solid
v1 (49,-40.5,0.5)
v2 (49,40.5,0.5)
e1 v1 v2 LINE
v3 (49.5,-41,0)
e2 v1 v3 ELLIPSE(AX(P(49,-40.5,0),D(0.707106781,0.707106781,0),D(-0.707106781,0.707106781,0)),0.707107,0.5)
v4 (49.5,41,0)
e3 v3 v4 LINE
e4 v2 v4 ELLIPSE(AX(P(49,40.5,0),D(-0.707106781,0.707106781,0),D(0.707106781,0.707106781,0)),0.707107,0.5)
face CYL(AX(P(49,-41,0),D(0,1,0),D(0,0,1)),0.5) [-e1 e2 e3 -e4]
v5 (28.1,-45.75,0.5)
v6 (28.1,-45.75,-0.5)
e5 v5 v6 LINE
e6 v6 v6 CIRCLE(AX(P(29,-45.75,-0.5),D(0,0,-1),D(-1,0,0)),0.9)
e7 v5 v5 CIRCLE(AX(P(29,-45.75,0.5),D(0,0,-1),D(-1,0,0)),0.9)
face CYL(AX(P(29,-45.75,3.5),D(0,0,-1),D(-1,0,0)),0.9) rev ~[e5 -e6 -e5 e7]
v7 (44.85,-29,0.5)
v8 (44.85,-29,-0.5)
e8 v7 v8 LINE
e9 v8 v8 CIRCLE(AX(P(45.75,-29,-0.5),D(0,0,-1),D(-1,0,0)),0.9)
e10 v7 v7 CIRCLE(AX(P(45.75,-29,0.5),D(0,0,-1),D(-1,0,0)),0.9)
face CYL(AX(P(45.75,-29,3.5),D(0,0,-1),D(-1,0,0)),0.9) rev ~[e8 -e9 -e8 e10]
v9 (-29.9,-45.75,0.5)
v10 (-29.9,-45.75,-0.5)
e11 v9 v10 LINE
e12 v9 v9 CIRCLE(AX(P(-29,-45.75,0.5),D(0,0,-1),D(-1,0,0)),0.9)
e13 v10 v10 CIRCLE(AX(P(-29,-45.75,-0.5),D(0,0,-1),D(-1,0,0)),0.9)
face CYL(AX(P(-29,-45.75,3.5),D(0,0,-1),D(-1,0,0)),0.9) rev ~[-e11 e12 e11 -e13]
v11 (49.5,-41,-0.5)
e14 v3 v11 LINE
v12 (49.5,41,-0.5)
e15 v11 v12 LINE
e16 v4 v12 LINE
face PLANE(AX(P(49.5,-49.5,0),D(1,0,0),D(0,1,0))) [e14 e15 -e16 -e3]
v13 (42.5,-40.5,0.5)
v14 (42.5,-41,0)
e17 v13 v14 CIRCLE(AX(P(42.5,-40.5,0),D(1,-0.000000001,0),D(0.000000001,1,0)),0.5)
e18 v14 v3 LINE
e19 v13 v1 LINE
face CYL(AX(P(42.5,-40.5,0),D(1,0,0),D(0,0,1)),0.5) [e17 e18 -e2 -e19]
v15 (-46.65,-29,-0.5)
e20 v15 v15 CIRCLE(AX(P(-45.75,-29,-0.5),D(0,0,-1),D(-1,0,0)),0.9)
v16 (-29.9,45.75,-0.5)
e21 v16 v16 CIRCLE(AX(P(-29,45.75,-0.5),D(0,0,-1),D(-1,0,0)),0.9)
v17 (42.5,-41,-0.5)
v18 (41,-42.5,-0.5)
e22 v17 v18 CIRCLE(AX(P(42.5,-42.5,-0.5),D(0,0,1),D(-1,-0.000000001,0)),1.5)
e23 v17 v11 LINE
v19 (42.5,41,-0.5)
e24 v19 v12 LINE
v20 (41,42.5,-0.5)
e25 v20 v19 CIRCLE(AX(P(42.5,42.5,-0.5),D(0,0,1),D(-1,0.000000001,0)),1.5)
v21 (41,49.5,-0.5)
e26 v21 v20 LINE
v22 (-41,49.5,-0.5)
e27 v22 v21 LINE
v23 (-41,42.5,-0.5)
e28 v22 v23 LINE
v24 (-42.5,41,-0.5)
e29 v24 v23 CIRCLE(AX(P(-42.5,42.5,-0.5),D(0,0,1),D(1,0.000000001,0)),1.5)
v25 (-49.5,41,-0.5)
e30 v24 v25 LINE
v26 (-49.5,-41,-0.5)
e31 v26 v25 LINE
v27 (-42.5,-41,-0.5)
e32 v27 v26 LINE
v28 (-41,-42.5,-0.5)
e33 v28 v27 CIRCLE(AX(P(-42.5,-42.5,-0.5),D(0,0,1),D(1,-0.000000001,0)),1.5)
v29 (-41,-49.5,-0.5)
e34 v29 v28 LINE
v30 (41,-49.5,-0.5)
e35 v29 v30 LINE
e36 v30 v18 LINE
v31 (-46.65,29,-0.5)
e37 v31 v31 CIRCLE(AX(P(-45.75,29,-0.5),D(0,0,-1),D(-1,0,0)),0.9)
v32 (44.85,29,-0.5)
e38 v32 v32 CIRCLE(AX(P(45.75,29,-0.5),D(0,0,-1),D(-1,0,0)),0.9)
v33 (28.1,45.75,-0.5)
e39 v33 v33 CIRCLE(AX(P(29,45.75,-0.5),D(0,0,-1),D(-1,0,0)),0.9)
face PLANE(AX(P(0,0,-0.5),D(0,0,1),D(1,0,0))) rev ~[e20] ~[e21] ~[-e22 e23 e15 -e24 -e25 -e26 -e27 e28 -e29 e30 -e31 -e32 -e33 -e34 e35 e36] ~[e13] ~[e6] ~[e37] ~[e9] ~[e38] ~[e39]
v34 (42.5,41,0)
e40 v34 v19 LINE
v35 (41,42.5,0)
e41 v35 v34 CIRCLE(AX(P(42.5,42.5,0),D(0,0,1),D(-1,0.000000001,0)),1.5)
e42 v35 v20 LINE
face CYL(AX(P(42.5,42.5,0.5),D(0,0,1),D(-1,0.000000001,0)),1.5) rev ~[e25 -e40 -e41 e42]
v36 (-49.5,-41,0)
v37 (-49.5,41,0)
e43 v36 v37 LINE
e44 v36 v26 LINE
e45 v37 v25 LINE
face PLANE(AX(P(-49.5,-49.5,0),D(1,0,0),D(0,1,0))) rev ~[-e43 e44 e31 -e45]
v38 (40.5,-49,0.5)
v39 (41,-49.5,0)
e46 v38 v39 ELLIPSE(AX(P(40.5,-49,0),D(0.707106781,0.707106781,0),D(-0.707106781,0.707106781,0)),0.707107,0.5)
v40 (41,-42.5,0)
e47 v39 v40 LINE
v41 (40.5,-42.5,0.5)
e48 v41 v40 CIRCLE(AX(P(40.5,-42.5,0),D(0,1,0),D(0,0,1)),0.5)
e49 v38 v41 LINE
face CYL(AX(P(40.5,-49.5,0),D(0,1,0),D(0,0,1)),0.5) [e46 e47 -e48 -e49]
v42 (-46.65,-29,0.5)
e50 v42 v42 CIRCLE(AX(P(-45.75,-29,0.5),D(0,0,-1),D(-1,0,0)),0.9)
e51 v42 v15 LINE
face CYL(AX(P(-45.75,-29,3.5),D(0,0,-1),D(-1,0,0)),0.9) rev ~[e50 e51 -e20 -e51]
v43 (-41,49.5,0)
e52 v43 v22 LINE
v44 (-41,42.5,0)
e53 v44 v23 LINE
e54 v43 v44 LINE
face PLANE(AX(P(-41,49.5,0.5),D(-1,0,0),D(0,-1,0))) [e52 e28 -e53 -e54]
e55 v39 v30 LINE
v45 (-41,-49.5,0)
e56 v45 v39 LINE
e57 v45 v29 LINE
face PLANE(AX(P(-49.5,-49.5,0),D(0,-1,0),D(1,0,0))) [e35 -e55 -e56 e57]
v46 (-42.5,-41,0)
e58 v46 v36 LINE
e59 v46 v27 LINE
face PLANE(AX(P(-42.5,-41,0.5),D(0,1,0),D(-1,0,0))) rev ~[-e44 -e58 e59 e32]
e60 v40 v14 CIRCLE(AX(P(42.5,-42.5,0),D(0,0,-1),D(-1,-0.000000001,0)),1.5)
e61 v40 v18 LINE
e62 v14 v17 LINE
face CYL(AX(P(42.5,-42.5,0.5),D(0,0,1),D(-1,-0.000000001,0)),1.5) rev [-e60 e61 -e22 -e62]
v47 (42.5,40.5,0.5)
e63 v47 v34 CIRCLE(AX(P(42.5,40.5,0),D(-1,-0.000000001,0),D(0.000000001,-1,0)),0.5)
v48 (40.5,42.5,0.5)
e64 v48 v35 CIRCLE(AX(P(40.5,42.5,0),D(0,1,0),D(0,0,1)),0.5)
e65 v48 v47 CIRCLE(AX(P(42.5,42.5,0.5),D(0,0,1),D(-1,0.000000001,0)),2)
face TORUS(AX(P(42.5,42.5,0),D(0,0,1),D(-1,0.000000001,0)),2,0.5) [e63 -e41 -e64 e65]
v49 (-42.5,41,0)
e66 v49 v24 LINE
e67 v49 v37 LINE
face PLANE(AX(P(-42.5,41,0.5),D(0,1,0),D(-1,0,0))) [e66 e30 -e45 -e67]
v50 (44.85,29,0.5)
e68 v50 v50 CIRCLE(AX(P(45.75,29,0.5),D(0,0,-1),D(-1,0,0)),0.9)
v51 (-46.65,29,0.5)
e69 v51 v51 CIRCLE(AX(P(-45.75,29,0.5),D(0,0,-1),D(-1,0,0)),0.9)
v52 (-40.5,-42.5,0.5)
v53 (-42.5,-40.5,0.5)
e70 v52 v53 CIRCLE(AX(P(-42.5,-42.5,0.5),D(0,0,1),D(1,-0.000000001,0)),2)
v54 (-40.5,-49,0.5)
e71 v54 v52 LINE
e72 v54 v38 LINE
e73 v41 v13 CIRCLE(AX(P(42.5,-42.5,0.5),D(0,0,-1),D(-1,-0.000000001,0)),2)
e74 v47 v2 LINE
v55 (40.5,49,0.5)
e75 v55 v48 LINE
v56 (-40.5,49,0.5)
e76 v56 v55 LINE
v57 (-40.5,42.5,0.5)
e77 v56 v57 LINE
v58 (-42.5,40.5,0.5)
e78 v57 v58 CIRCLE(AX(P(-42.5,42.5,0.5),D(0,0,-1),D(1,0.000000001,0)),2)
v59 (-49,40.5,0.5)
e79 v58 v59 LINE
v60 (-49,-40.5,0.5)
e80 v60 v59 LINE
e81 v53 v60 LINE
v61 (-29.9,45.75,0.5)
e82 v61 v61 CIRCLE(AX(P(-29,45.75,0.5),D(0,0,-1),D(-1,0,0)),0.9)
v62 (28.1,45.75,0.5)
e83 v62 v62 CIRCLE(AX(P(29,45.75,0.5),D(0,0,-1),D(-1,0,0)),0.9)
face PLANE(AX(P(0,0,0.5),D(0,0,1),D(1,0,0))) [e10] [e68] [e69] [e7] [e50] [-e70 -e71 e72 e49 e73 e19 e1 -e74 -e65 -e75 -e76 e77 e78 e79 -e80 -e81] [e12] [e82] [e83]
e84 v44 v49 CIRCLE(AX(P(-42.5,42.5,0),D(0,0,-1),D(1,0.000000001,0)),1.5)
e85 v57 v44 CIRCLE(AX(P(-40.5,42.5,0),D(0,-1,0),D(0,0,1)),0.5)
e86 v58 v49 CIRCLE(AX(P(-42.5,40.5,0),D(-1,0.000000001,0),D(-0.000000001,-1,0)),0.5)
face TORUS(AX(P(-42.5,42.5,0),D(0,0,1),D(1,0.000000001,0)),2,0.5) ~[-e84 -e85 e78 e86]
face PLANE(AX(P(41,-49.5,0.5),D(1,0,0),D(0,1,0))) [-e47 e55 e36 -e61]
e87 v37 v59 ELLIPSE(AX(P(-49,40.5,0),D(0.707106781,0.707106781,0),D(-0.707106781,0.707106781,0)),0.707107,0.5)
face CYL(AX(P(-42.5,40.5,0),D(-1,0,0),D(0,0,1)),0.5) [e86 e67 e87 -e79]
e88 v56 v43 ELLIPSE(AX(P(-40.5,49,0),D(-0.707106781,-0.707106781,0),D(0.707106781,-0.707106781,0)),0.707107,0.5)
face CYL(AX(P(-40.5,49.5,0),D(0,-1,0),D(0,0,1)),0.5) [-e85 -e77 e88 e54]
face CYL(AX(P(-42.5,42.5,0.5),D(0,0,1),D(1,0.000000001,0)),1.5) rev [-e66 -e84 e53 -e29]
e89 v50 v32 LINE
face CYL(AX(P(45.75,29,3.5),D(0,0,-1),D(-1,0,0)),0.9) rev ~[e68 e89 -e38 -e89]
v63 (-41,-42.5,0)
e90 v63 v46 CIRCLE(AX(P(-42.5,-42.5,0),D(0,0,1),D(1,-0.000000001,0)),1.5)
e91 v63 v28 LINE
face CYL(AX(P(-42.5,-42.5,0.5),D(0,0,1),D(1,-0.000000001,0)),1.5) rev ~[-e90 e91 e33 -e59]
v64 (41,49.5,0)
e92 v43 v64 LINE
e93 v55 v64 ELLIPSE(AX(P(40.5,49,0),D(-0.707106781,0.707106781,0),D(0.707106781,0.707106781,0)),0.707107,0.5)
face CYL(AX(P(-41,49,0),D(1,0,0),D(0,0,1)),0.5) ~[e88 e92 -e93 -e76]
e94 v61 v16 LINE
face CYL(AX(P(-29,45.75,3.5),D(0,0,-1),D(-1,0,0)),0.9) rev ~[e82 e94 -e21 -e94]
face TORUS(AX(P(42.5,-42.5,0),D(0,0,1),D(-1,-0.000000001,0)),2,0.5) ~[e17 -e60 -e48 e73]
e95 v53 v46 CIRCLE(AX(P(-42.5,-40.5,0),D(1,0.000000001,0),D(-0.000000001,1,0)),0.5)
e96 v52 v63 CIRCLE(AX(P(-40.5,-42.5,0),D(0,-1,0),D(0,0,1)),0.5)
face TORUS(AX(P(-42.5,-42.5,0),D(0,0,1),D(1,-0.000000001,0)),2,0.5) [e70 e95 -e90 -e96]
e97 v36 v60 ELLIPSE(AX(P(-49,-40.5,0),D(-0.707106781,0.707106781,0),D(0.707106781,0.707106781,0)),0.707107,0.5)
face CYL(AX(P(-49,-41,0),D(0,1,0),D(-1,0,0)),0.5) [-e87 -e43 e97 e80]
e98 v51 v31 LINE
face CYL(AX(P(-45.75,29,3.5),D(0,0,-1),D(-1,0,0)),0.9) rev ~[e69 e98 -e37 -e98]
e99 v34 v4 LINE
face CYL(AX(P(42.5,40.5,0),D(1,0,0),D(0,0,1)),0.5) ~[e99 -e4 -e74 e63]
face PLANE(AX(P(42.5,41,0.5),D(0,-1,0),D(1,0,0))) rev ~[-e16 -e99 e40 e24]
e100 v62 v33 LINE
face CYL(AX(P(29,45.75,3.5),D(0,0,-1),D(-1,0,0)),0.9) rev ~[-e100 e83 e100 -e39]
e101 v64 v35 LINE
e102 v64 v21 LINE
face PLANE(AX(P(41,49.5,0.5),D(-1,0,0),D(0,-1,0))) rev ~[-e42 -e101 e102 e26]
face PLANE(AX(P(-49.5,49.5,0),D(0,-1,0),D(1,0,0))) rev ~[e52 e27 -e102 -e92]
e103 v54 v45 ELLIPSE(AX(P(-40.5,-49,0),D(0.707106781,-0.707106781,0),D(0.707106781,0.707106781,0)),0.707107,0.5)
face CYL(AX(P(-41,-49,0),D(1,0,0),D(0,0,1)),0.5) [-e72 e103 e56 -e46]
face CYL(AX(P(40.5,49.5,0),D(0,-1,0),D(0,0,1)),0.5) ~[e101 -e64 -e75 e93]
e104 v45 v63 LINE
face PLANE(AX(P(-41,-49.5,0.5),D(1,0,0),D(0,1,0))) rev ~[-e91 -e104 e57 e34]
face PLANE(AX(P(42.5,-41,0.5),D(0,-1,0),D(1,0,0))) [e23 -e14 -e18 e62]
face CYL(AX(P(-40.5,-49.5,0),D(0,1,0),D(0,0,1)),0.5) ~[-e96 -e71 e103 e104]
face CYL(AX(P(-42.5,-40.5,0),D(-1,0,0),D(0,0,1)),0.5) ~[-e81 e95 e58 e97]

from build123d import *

# Parameters (mm, degrees)
SKETCH1_W                  = 99
SKETCH1_H                  = 99
BOSS_EXTRUDE1_DEPTH        = 0.5
CUT_EXTRUDE1_DEPTH         = 71.010713466
M1_6_CLEARANCE_HOLE1_D     = 1.8
M1_6_CLEARANCE_HOLE1_DEPTH = 3
M1_6_CLEARANCE_HOLE1_TIP   = 0.540774557
FILLET1_R                  = 0.5


with BuildPart() as part:
    # Sketch1 → Boss-Extrude1 (new, symmetric)
    with BuildSketch(Plane.XY):
        Rectangle(SKETCH1_W, SKETCH1_H)
    extrude(amount=BOSS_EXTRUDE1_DEPTH, both=True)

    # Sketch2 → Cut-Extrude1 (cut, through all)
    with BuildSketch(Plane.XY.offset(0.5)):
        with BuildLine():
            Line((-49.5, 49.5), (-41, 49.5))
            Line((-41, 49.5), (-41, 42.5))
            ThreePointArc((-41, 42.5), (-41.439339828, 41.439339828), (-42.5, 41))
            Line((-42.5, 41), (-49.5, 41))
            Line((-49.5, 41), (-49.5, 49.5))
        make_face()
        with BuildLine():
            Line((49.5, 49.5), (41, 49.5))
            Line((41, 49.5), (41, 42.5))
            ThreePointArc((41, 42.5), (41.439339828, 41.439339828), (42.5, 41))
            Line((42.5, 41), (49.5, 41))
            Line((49.5, 41), (49.5, 49.5))
        make_face()
        with BuildLine():
            Line((-49.5, -49.5), (-41, -49.5))
            Line((-41, -49.5), (-41, -42.5))
            ThreePointArc((-41, -42.5), (-41.439339828, -41.439339828), (-42.5, -41))
            Line((-42.5, -41), (-49.5, -41))
            Line((-49.5, -41), (-49.5, -49.5))
        make_face()
        with BuildLine():
            Line((49.5, -49.5), (41, -49.5))
            Line((41, -49.5), (41, -42.5))
            ThreePointArc((41, -42.5), (41.439339828, -41.439339828), (42.5, -41))
            Line((42.5, -41), (49.5, -41))
            Line((49.5, -41), (49.5, -49.5))
        make_face()
    extrude(amount=-CUT_EXTRUDE1_DEPTH, mode=Mode.SUBTRACT)

    # M1.6 Clearance Hole1
    with Locations(Plane.XY.offset(0.5)):
        with Locations((-45.75, 29), (-29, 45.75), (29, 45.75), (45.75, 29), (45.75, -29), (29, -45.75), (-29, -45.75), (-45.75, -29)):
            Hole(M1_6_CLEARANCE_HOLE1_D / 2, depth=M1_6_CLEARANCE_HOLE1_DEPTH)
            with Locations((0, 0, -(M1_6_CLEARANCE_HOLE1_DEPTH + M1_6_CLEARANCE_HOLE1_TIP / 2))):  # 118° drill point
                Cone(0, M1_6_CLEARANCE_HOLE1_D / 2, M1_6_CLEARANCE_HOLE1_TIP, mode=Mode.SUBTRACT)

    # Fillet1
    fillet1_edges = [part.edges().sort_by_distance(p)[0] for p in [
        (-49.5, 0, 0.5),
        (-46, 41, 0.5),
        (-41.439339828, 41.439339828, 0.5),
        (-41, 46, 0.5),
        (0, 49.5, 0.5),
        (41.439339828, 41.439339828, 0.5),
        (46, 41, 0.5),
        (41, 46, 0.5),
        (49.5, 0, 0.5),
        (41.439339828, -41.439339828, 0.5),
        (41, -46, 0.5),
        (46, -41, 0.5),
        (0, -49.5, 0.5),
        (-41, -46, 0.5),
        (-41.439339828, -41.439339828, 0.5),
        (-46, -41, 0.5),
    ]]
    fillet(fillet1_edges, radius=FILLET1_R)


solid = part.part
